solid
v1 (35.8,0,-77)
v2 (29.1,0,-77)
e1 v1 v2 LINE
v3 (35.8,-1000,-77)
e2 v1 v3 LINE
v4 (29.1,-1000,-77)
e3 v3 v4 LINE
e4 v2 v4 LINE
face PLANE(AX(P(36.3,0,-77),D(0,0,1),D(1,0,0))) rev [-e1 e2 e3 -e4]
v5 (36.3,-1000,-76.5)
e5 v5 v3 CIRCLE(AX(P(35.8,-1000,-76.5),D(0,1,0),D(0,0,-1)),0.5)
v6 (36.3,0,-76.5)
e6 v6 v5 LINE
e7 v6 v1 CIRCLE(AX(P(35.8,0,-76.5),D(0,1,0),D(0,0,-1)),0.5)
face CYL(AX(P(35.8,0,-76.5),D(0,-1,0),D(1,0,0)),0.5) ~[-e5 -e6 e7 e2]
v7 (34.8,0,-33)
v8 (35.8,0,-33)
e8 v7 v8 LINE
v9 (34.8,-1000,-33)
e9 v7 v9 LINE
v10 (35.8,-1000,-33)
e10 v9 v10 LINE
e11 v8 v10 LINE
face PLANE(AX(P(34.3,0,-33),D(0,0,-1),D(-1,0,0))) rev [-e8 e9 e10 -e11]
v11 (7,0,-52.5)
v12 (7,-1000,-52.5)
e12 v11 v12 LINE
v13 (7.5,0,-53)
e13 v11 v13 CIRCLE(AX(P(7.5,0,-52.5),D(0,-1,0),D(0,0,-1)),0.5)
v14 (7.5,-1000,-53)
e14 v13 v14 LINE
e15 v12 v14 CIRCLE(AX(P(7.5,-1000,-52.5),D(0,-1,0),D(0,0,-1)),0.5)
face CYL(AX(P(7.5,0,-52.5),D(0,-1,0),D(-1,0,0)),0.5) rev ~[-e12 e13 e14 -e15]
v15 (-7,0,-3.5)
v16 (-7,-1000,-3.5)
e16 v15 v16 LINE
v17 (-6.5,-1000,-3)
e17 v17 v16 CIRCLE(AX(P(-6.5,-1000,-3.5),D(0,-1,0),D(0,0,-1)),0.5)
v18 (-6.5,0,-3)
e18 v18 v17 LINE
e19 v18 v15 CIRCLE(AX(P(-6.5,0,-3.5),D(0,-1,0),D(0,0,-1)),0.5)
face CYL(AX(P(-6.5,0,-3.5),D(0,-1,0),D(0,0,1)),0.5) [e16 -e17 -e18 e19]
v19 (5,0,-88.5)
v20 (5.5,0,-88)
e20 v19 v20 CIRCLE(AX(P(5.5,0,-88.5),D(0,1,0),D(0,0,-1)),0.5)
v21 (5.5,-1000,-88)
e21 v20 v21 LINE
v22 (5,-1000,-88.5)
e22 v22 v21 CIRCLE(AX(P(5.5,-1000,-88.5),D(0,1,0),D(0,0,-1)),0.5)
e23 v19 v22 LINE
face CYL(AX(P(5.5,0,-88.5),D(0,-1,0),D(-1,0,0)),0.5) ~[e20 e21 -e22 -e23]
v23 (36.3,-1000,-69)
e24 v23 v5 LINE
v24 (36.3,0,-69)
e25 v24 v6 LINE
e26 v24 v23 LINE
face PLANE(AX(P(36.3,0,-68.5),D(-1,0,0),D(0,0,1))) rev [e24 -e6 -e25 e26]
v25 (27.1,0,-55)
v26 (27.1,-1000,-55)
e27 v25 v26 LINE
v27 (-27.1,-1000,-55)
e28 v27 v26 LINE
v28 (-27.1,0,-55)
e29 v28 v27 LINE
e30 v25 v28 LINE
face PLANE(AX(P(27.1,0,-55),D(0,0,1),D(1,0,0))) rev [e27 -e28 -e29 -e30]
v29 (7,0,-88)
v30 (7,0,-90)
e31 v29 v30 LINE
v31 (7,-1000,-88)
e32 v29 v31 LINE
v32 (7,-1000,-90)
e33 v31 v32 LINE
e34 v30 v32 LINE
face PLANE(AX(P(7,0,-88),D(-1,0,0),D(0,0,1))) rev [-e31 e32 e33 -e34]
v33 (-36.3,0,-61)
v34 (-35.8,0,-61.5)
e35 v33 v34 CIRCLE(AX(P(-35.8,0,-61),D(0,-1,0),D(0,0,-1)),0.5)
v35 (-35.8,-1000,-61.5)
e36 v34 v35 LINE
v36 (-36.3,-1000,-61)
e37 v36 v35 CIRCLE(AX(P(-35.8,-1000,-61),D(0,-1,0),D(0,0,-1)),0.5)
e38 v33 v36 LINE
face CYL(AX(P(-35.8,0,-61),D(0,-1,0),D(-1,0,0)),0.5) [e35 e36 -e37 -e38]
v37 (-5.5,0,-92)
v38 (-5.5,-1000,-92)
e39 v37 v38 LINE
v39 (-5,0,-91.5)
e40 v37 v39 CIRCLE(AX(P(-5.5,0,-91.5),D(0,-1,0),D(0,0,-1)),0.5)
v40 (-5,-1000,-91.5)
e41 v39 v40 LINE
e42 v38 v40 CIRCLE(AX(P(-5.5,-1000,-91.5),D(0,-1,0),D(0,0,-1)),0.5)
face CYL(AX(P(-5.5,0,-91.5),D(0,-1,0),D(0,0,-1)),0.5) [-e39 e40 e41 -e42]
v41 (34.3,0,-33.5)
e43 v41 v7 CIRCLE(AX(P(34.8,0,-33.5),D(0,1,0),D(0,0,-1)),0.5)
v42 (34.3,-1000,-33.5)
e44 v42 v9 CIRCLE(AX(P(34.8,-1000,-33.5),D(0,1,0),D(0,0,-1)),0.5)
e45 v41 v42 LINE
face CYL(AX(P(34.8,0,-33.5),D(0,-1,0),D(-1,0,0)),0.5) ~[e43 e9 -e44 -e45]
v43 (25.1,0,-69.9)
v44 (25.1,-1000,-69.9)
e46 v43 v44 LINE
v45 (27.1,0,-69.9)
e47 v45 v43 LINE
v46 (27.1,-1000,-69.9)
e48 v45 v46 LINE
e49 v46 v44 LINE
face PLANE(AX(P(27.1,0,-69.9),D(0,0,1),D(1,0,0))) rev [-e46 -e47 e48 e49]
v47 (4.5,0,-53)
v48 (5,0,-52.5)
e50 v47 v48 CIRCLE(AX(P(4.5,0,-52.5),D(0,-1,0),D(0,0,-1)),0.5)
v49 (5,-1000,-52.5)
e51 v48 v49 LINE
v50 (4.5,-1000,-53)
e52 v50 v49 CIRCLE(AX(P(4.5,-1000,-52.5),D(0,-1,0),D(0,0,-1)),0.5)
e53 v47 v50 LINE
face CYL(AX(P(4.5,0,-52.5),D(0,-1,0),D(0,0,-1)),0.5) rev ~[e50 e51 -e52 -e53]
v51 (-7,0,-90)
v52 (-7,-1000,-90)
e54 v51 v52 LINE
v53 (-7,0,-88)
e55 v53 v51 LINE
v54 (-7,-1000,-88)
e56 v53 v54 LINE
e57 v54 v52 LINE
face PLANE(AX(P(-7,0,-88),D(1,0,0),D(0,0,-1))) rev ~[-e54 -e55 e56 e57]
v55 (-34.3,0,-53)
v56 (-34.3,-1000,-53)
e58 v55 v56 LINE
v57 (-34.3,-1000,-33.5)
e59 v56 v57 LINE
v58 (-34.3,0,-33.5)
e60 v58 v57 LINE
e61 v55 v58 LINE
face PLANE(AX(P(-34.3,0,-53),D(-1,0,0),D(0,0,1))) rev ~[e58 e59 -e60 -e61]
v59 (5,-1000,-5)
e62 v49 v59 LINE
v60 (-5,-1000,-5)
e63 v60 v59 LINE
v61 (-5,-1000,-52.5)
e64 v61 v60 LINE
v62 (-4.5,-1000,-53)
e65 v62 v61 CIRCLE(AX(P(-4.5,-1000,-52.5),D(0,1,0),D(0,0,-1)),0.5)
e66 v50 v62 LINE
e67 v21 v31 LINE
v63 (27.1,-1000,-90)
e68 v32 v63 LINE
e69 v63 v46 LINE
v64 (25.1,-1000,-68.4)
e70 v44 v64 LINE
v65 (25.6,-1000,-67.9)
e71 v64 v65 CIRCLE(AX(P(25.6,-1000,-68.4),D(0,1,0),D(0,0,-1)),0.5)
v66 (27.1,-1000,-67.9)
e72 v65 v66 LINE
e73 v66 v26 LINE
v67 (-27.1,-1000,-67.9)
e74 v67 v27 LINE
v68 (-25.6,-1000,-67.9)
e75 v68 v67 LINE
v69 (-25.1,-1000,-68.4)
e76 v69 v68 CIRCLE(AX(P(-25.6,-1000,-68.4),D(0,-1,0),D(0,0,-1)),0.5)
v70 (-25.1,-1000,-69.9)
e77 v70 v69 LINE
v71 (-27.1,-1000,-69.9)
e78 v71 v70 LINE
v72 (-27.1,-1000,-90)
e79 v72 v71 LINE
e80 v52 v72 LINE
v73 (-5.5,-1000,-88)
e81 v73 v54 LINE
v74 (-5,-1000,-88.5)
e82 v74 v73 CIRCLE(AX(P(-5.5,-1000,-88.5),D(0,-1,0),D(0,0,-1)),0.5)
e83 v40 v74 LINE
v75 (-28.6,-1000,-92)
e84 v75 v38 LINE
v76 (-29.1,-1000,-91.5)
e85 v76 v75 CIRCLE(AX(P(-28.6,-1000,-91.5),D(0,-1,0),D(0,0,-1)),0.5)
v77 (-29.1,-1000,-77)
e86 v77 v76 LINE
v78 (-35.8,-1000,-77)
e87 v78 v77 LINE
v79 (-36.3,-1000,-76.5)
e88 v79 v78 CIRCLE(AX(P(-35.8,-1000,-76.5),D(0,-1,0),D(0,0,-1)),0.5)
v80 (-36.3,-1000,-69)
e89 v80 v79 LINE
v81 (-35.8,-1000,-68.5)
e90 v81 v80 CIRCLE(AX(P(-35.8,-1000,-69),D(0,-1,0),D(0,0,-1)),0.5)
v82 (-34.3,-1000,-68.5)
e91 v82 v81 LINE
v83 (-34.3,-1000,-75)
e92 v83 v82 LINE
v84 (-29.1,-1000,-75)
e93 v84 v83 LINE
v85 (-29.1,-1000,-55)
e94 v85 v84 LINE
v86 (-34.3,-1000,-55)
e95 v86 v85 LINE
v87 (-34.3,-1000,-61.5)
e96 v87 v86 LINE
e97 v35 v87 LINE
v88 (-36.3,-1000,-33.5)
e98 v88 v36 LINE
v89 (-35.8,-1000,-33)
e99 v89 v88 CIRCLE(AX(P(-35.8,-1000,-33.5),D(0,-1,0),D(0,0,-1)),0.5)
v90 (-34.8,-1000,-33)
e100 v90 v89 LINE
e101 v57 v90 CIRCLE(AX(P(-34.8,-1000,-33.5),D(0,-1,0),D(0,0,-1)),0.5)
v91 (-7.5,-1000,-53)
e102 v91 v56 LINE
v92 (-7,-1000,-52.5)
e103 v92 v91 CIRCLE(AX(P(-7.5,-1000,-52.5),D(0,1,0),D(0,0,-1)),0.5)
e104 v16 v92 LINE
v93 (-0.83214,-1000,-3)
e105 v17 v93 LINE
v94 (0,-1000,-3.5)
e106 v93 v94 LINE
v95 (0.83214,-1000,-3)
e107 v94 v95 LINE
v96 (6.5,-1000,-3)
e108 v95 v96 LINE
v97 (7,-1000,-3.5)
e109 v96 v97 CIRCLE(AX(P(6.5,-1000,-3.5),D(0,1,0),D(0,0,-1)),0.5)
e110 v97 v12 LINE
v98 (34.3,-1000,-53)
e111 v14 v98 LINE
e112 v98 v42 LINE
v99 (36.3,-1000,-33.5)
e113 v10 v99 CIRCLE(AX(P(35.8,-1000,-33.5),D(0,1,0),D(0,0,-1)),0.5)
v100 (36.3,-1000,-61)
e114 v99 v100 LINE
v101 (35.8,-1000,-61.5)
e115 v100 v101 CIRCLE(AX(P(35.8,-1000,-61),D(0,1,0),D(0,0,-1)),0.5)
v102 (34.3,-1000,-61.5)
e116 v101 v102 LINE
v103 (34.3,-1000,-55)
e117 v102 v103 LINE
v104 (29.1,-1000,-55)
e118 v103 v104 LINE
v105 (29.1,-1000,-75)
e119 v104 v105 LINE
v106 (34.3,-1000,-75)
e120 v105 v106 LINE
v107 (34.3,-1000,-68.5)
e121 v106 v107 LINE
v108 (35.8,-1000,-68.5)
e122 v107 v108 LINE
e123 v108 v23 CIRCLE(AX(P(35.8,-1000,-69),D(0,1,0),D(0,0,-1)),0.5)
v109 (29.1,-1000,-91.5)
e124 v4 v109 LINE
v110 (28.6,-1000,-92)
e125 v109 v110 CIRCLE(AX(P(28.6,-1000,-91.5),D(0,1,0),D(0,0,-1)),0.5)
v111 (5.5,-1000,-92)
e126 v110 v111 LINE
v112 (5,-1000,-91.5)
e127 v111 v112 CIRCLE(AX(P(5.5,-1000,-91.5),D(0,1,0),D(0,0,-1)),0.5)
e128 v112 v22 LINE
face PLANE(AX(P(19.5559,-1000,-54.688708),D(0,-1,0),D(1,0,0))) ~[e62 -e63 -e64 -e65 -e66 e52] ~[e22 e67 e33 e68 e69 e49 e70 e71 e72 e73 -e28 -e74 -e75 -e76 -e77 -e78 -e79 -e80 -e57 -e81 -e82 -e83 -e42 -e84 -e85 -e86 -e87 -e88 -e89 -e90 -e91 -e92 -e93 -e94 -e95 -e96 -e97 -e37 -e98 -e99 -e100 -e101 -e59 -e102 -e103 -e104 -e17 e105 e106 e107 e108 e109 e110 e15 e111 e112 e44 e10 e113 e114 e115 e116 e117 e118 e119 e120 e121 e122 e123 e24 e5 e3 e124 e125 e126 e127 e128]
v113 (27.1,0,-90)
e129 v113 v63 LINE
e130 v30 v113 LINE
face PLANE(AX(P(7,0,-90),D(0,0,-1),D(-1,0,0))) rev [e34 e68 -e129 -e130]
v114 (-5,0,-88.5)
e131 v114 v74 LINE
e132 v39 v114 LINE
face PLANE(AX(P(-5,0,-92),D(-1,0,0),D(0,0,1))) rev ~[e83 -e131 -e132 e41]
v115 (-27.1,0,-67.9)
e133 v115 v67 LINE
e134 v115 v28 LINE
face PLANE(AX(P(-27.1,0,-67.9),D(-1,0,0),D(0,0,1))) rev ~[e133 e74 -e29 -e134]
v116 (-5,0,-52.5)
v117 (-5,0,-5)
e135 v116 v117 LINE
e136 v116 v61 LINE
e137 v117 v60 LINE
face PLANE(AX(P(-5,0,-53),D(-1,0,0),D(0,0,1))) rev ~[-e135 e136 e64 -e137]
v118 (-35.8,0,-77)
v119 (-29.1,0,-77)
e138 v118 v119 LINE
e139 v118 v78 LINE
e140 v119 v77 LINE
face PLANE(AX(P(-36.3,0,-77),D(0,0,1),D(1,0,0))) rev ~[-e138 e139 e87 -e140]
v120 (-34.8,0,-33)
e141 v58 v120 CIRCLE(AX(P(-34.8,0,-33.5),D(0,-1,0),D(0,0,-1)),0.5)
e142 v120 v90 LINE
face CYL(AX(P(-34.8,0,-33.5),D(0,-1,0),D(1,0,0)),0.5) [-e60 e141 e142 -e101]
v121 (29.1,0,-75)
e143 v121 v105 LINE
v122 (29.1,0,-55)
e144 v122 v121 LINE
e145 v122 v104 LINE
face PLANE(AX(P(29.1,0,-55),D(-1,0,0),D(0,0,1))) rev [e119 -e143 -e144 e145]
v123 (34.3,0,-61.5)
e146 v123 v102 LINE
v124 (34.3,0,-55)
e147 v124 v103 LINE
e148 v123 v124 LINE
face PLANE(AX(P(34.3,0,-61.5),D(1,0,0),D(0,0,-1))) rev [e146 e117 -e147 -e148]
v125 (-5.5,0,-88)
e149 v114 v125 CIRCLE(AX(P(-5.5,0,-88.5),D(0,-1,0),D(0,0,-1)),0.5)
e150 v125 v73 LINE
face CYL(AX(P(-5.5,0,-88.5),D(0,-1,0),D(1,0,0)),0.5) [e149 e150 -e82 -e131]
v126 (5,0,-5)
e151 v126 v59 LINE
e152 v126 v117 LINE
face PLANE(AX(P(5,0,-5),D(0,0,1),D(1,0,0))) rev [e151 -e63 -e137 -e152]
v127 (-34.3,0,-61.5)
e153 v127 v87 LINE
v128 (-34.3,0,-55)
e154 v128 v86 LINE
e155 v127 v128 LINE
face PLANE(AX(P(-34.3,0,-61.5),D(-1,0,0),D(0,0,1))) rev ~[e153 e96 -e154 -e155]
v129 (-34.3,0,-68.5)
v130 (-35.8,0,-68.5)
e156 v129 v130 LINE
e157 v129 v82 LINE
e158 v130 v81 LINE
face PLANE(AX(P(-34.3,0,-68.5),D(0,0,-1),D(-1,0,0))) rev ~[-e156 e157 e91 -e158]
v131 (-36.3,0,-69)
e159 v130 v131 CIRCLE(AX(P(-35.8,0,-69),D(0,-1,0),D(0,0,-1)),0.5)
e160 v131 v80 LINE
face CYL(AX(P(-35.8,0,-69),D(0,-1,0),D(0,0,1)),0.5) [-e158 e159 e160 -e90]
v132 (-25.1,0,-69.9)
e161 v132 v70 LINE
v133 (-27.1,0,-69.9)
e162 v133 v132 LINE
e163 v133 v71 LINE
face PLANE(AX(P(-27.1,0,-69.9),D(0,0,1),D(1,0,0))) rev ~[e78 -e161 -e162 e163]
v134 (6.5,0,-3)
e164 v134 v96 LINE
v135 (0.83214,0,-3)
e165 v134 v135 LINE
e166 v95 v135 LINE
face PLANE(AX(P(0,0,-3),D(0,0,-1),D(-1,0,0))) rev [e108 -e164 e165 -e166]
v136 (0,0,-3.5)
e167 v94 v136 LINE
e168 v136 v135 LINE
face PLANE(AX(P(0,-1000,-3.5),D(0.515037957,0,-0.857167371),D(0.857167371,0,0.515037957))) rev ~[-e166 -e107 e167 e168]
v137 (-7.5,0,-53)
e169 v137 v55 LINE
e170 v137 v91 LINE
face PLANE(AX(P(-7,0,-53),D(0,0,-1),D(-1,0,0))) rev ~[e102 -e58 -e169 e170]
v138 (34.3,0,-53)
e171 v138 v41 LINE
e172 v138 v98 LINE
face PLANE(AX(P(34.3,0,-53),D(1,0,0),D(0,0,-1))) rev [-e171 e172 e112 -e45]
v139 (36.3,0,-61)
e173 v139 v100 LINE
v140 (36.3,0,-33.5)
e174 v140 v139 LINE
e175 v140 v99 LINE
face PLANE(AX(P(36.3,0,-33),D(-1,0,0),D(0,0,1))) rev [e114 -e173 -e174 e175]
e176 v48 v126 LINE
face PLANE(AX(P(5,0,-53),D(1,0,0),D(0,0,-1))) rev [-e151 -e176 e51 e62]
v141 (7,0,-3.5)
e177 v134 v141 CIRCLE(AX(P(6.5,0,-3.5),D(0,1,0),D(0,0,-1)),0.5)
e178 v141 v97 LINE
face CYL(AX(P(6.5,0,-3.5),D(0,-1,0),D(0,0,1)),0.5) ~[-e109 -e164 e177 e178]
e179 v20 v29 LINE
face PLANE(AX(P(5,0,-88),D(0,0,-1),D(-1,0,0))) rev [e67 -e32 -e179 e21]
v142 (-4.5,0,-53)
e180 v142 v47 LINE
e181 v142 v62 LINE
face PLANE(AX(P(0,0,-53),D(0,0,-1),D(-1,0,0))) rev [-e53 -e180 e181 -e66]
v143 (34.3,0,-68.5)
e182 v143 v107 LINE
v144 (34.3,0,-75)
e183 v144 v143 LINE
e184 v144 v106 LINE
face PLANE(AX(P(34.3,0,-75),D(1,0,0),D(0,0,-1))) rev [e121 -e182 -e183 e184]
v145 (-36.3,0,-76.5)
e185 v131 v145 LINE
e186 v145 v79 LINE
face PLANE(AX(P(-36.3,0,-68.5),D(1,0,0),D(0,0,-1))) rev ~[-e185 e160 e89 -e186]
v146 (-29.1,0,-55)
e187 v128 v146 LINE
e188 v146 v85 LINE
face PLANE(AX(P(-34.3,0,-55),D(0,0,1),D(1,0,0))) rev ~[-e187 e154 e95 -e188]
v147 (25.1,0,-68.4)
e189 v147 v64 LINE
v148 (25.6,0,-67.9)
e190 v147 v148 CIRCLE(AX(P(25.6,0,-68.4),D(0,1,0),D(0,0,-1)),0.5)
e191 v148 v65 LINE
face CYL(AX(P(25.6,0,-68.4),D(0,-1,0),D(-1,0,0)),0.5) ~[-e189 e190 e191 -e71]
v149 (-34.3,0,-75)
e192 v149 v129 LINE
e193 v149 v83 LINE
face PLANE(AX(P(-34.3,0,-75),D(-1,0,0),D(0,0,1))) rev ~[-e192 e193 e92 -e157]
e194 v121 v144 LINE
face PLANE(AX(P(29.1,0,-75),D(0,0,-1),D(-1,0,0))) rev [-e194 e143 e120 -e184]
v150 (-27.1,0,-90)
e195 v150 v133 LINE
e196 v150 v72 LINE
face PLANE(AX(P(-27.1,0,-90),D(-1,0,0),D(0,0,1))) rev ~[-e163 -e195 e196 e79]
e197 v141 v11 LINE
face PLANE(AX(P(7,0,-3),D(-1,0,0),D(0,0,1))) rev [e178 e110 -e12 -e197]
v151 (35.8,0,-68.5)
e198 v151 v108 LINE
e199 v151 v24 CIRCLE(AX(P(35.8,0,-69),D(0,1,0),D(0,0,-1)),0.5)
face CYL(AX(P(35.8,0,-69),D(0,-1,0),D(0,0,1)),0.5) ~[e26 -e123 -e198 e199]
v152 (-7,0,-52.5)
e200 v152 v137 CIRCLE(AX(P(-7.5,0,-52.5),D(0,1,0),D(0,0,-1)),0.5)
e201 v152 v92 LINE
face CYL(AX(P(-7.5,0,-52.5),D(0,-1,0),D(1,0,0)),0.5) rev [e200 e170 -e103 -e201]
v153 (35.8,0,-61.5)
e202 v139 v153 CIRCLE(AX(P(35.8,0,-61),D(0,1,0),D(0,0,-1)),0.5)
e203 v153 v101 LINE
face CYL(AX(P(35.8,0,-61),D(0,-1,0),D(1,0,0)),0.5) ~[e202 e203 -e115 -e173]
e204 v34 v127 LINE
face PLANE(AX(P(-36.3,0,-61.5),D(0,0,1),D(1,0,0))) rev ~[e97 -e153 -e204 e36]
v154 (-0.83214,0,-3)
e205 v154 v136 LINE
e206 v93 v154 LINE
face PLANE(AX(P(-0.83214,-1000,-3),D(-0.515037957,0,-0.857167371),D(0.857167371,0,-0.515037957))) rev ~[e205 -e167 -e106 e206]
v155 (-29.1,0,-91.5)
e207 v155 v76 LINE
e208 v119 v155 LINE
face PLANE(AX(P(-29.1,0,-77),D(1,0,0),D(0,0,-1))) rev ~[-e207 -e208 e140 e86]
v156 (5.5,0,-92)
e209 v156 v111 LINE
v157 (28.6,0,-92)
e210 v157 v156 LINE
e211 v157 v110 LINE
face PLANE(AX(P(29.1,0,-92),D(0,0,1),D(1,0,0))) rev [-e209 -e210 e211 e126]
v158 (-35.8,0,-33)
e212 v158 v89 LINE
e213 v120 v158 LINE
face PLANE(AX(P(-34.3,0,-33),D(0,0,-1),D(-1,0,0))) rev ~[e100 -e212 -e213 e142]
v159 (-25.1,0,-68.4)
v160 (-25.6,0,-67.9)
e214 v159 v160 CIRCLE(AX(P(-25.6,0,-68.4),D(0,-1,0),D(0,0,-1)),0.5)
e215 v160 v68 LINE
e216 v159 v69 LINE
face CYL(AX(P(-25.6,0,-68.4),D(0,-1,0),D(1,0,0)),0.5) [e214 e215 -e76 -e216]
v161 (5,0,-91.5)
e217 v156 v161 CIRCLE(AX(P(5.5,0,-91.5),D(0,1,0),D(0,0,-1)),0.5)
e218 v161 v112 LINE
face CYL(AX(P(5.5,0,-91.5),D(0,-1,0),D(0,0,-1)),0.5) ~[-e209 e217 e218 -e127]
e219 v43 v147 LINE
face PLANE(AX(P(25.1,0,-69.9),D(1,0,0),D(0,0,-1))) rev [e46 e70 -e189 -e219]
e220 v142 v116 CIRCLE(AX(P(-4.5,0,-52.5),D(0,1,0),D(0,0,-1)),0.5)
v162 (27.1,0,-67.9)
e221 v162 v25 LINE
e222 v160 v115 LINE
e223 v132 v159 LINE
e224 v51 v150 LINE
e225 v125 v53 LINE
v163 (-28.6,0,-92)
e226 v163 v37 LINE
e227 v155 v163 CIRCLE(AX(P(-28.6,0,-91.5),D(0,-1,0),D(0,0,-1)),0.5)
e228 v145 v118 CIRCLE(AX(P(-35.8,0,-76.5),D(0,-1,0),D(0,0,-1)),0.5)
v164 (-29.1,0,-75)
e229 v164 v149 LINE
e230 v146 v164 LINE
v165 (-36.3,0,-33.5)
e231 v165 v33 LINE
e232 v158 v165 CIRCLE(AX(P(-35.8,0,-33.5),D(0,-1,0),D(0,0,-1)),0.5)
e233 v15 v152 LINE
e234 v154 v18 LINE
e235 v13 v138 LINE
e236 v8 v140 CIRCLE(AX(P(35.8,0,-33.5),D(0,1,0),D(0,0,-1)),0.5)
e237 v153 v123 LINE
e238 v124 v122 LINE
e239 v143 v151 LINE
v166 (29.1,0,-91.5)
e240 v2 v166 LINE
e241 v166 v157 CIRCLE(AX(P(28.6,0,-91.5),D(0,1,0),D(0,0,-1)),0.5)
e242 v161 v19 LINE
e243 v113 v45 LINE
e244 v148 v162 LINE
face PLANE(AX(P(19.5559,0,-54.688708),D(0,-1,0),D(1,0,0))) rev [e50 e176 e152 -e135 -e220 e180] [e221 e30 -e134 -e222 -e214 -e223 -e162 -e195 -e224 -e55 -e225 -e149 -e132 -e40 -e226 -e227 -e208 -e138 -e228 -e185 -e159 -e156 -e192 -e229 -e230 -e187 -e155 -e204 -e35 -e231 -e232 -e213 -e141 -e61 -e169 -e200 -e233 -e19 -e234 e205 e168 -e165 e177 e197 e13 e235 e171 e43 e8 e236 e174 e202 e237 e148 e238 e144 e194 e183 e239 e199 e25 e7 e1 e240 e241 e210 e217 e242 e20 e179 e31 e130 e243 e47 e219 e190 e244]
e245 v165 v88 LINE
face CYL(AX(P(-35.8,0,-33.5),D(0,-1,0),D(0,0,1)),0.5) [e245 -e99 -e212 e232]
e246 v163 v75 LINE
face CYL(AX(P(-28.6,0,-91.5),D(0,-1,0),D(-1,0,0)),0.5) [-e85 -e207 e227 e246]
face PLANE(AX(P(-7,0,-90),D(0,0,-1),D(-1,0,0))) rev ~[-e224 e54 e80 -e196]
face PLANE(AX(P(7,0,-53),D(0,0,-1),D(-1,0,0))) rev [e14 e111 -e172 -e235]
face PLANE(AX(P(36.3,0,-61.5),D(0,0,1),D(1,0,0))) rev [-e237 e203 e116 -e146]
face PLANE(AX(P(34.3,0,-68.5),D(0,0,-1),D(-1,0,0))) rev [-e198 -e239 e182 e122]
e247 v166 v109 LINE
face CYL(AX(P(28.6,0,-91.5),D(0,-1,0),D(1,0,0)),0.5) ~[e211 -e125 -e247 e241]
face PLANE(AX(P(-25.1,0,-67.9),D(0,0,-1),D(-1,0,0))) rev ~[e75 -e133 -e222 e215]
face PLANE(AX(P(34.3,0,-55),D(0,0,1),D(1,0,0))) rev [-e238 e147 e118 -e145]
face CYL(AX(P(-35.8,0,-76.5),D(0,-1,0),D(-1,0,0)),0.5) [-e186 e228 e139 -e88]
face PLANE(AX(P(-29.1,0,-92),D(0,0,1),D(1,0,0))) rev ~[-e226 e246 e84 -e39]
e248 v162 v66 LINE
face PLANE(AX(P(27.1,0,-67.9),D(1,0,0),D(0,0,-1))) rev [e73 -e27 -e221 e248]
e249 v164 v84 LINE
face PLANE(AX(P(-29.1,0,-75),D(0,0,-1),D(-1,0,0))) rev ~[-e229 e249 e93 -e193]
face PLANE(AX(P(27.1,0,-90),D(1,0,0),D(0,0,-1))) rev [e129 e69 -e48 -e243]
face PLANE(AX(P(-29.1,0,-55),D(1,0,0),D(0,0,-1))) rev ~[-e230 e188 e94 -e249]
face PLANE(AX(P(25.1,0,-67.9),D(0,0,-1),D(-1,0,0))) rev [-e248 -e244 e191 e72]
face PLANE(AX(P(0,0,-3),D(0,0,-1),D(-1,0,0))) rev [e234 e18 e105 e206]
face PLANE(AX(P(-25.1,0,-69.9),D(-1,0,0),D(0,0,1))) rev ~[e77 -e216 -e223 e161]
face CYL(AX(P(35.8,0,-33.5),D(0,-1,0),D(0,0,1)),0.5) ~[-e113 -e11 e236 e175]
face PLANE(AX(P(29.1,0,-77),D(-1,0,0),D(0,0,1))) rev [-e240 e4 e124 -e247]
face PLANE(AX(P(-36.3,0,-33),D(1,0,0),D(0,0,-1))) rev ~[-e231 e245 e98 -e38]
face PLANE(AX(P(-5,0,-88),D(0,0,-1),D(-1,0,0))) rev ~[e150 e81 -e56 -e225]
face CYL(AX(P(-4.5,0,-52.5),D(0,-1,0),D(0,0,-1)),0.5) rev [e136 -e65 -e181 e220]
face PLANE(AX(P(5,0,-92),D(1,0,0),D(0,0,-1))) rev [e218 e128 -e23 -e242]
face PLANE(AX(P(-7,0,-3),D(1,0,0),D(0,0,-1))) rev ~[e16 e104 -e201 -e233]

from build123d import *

# Parameters (mm, degrees)
F1_DEPTH = 1000
F2_R     = 0.5
F5_DEPTH = 1000


with BuildPart() as f1:
    # F0 (on Front) → F1 (new body)
    with BuildSketch(Plane.XZ):
        Polygon((0, -5), (0, -3), (-7, -3), (-7, -53), (-34.3, -53), (-34.3, -33), (-36.3, -33), (-36.3, -61.5), (-34.3, -61.5), (-34.3, -55), (-29.1, -55), (-29.1, -75), (-34.3, -75), (-34.3, -68.5), (-36.3, -68.5), (-36.3, -77), (-29.1, -77), (-29.1, -92), (-5, -92), (-5, -88), (-7, -88), (-7, -90), (-27.1, -90), (-27.1, -69.9), (-25.1, -69.9), (-25.1, -67.9), (-27.1, -67.9), (-27.1, -55), (0, -55), (0, -53), (-5, -53), (-5, -5), align=None)
    extrude(amount=F1_DEPTH)

    # F2
    f2_edges = [f1.edges().sort_by_distance(p)[0] for p in [
        (-36.3, -500, -33),
        (-36.3, -500, -68.5),
        (-5, -500, -92),
        (-5, -500, -88),
        (-7, -500, -3),
        (-34.3, -500, -33),
        (-5, -500, -53),
        (-25.1, -500, -67.9),
        (-29.1, -500, -92),
        (-36.3, -500, -77),
        (-36.3, -500, -61.5),
        (-7, -500, -53),
    ]]
    fillet(f2_edges, radius=F2_R)

    # F3: F1 across plane


with BuildPart() as f1_1:
    add(f1.part)
    add(f1.part.mirror(Plane.YZ))

    # F4 (on face) → F5 (cut)
    with BuildSketch(Plane.XZ.offset(1000)):
        Polygon((0, -3.5), (0, -3), (-0.83214, -3), align=None)
        Polygon((0.83214, -3), (0, -3), (0, -3.5), align=None)
    extrude(amount=-F5_DEPTH, mode=Mode.SUBTRACT)


solid = f1_1.part
